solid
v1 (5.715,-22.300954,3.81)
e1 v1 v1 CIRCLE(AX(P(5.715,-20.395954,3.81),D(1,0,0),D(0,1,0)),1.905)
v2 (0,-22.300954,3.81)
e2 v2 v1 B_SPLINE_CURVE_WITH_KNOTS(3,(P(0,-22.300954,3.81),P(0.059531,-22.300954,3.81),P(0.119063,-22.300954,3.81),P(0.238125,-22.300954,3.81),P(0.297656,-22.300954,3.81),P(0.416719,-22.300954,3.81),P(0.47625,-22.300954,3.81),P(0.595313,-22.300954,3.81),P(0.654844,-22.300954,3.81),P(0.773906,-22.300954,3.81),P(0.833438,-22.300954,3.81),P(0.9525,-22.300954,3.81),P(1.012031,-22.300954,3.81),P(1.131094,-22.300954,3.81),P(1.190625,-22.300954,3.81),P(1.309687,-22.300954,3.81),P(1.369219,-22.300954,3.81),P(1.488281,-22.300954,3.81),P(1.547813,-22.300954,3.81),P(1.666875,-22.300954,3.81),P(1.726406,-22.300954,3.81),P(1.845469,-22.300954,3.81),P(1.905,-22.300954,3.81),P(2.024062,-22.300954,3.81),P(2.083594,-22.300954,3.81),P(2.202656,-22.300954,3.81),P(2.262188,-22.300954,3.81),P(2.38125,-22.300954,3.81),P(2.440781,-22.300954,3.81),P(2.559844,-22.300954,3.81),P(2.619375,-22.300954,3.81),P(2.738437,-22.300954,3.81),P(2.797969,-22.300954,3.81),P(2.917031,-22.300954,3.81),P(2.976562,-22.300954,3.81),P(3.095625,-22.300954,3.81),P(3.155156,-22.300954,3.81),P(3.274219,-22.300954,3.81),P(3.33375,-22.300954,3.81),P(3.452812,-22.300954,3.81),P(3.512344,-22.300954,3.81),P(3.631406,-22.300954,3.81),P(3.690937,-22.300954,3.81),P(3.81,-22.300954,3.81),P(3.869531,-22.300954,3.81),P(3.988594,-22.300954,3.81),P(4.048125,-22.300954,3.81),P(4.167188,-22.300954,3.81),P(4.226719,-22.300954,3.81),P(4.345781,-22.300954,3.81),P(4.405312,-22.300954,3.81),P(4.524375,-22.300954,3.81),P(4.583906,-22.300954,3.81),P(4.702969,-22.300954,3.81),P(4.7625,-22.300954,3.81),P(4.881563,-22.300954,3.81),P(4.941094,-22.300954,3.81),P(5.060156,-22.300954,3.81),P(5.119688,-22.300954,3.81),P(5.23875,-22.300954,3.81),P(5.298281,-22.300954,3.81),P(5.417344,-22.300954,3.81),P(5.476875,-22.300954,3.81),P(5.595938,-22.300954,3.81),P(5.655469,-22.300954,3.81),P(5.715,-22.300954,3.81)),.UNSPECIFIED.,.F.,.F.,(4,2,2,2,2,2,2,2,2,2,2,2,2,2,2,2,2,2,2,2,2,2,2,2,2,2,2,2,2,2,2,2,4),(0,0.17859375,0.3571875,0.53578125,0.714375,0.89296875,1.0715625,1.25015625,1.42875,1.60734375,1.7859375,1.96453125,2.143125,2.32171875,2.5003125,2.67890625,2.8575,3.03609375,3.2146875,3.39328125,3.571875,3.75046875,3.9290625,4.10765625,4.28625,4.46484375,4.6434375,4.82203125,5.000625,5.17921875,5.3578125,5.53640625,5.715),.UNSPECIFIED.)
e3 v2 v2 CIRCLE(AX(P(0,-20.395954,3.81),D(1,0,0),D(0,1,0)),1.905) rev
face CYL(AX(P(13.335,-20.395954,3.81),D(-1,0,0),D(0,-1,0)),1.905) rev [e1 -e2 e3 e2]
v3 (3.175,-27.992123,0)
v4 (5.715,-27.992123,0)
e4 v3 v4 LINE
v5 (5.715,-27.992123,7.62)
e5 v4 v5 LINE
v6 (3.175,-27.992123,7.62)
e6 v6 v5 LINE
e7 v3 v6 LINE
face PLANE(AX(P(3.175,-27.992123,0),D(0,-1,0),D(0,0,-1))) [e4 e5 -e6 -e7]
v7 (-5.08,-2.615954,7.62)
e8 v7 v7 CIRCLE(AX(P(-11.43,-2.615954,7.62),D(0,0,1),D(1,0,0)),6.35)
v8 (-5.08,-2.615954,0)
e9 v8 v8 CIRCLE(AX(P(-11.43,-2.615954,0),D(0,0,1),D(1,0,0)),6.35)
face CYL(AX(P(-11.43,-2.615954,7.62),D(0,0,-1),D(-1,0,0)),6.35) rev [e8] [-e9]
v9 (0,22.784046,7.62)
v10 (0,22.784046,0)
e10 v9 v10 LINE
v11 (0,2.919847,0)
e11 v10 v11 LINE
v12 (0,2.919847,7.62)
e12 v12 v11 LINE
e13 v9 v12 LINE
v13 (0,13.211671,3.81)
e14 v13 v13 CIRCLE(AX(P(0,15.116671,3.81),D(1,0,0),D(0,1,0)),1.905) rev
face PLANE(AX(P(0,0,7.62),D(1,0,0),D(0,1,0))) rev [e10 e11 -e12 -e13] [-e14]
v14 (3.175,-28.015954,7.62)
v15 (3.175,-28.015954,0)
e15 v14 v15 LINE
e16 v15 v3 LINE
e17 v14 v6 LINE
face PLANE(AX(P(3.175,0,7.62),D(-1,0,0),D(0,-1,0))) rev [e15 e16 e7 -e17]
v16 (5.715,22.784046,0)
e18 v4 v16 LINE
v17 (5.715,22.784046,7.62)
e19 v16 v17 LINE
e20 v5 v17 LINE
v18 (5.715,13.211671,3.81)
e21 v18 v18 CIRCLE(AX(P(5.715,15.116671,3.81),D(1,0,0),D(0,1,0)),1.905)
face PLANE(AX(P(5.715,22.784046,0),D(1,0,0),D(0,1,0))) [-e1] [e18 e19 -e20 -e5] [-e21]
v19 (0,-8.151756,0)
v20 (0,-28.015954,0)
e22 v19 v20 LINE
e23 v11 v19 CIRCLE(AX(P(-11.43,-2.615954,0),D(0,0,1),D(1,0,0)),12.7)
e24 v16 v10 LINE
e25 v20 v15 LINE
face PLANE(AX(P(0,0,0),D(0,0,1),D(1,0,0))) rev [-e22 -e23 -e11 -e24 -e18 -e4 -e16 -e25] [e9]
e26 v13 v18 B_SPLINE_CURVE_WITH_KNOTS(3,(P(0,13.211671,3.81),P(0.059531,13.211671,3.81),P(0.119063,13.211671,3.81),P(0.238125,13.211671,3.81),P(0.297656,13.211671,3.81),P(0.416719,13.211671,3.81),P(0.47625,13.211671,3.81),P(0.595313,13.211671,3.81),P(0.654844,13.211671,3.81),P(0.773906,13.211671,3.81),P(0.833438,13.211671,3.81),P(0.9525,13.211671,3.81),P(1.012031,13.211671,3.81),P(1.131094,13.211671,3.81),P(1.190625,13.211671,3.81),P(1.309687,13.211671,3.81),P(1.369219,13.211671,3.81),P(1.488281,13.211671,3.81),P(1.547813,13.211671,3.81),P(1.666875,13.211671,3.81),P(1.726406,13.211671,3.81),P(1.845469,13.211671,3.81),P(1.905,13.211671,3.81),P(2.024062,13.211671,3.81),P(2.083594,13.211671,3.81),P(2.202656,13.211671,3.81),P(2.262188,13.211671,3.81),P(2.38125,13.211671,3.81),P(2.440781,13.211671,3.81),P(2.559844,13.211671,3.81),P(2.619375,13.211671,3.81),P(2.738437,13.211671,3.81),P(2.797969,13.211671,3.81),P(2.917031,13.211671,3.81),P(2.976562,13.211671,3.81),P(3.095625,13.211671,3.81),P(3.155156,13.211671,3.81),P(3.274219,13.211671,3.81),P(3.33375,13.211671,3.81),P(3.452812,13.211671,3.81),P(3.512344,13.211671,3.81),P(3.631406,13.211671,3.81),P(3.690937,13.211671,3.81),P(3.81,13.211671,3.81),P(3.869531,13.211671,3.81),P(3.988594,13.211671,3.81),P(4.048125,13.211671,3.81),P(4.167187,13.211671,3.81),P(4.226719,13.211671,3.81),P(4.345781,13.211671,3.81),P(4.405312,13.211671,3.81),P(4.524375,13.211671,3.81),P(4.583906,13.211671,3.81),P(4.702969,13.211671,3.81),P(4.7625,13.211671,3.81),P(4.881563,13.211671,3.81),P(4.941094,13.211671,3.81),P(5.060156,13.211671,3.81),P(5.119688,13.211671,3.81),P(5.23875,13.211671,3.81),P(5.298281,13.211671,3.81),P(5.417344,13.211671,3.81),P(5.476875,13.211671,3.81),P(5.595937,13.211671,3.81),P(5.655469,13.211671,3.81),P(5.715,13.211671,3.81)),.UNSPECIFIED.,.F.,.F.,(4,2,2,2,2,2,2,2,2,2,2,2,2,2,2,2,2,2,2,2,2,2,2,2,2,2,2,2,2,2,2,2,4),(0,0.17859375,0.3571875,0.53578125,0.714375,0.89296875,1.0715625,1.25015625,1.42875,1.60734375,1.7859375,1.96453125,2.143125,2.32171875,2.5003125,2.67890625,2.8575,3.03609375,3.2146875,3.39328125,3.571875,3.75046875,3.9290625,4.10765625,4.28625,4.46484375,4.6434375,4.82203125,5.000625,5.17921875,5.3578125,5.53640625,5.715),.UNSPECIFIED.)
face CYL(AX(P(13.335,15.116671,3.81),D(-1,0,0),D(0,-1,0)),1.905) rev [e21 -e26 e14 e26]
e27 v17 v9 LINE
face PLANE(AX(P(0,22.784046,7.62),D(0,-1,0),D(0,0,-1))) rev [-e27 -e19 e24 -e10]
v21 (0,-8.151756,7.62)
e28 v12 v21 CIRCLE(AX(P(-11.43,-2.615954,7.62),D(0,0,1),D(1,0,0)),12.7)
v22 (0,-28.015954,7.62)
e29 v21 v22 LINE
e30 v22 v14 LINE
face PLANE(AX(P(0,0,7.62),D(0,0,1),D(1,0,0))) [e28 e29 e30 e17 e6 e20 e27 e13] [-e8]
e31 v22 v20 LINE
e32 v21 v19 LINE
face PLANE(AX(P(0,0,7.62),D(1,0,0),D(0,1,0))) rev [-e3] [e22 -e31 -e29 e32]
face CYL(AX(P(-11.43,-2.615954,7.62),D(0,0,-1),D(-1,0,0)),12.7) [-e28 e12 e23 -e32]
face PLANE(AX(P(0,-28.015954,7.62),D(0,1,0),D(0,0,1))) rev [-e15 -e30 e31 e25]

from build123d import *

# Parameters (mm, degrees)
SKETCH1_R               = 12.7
SKETCH1_R_2             = 6.35
BOSS_EXTRUDE1_DEPTH     = 7.62
CUT_EXTRUDE1_DEPTH      = 7.619999999999999
CUT_EXTRUDE1_DEPTH_BACK = 10.16
BOSS_EXTRUDE2_DEPTH     = 7.619999999999999
SKETCH5_R               = 1.905
SKETCH5_R_2             = 1.9050000000000018
CUT_EXTRUDE2_DEPTH      = 7.619999999999999


with BuildPart() as part:
    # Sketch1 → Boss-Extrude1 (new body)
    # profile 1 of 2: a face of its own
    with BuildSketch(Plane.XY):
        with Locations((-11.43, -2.615954225782393)):
            Circle(SKETCH1_R)
        with Locations((-11.43, -2.615954225782393)):
            Circle(SKETCH1_R_2, mode=Mode.SUBTRACT)
    # profile 2 of 2: a face of its own
    with BuildSketch(Plane.XY):
        Polygon((-8.7e-16, 22.784045774217606), (0, -28.01595422578239), (3.175, -28.01595422578239), (3.174999999999999, 22.784045774217606), align=None)
    extrude(amount=BOSS_EXTRUDE1_DEPTH)

    # Sketch3 → Cut-Extrude1 (cut, two sides: drawn at the far end of the back side and taken through both)
    with BuildSketch(Plane(origin=(5.715, 1e-16, 0), x_dir=(0, 0, -1), z_dir=(1, 2e-17, 0)).offset(-CUT_EXTRUDE1_DEPTH_BACK)):
        with BuildLine():
            ThreePointArc((-1.905, 15.116671425817602), (-2.4629615818396333, 16.46370984397798), (-3.810000000000017, 17.0216714258176))
            Line((-3.81, 17.0216714258176), (-3.81, 15.116671425817602))
            Line((-3.81, 15.116671425817602), (-3.81, 13.211671425817602))
            ThreePointArc((-3.8100000000000174, 13.211671425817602), (-2.4629615818396333, 13.769633007657223), (-1.905, 15.116671425817602))
        make_face()
        with BuildLine():
            Line((-3.81, 15.116671425817602), (-3.81, 17.0216714258176))
            ThreePointArc((-3.810000000000017, 17.0216714258176), (-5.715, 15.116671425817602), (-3.8100000000000174, 13.211671425817602))
            Line((-3.81, 13.211671425817602), (-3.81, 15.116671425817602))
        make_face()
        with BuildLine():
            ThreePointArc((-1.9049999999999947, -20.395954225782393), (-2.4629615818396298, -19.048915807622013), (-3.810000000000017, -18.490954225782392))
            Line((-3.81, -18.490954225782392), (-3.81, -20.395954225782393))
            Line((-3.81, -20.395954225782393), (-3.81, -22.300954225782395))
            ThreePointArc((-3.8100000000000156, -22.300954225782395), (-2.462961581839629, -21.742992643942774), (-1.9049999999999947, -20.395954225782393))
        make_face()
        with BuildLine():
            Line((-3.81, -20.395954225782393), (-3.81, -18.490954225782392))
            ThreePointArc((-3.810000000000017, -18.490954225782392), (-5.7149999999999945, -20.395954225782393), (-3.8100000000000156, -22.300954225782395))
            Line((-3.81, -22.300954225782395), (-3.81, -20.395954225782393))
        make_face()
    extrude(amount=CUT_EXTRUDE1_DEPTH + CUT_EXTRUDE1_DEPTH_BACK, mode=Mode.SUBTRACT)

    # Sketch4 → Boss-Extrude2 (add)
    with BuildSketch(Plane.XY.offset(7.62)):
        Polygon((3.174999999999999, 22.784045774217606), (5.715, 22.784045774217606), (5.715000000000006, -27.992122779019148), (3.174999999999999, -27.992122779019148), align=None)
    extrude(amount=-BOSS_EXTRUDE2_DEPTH)

    # Sketch5 → Cut-Extrude2 (cut)
    with BuildSketch(Plane(origin=(5.7150000000000025, 6.8e-16, 0), x_dir=(0, 0, -1), z_dir=(1, 1.2e-16, 0))):
        with Locations(Location((-3.81, 15.116671425817602, 0), (0, 0, 270))):
            Circle(SKETCH5_R)
        with Locations(Location((-3.8099999999999947, -20.395954225782393, 0), (0, 0, 270))):
            Circle(SKETCH5_R_2)
    extrude(amount=-CUT_EXTRUDE2_DEPTH, mode=Mode.SUBTRACT)


solid = part.part
